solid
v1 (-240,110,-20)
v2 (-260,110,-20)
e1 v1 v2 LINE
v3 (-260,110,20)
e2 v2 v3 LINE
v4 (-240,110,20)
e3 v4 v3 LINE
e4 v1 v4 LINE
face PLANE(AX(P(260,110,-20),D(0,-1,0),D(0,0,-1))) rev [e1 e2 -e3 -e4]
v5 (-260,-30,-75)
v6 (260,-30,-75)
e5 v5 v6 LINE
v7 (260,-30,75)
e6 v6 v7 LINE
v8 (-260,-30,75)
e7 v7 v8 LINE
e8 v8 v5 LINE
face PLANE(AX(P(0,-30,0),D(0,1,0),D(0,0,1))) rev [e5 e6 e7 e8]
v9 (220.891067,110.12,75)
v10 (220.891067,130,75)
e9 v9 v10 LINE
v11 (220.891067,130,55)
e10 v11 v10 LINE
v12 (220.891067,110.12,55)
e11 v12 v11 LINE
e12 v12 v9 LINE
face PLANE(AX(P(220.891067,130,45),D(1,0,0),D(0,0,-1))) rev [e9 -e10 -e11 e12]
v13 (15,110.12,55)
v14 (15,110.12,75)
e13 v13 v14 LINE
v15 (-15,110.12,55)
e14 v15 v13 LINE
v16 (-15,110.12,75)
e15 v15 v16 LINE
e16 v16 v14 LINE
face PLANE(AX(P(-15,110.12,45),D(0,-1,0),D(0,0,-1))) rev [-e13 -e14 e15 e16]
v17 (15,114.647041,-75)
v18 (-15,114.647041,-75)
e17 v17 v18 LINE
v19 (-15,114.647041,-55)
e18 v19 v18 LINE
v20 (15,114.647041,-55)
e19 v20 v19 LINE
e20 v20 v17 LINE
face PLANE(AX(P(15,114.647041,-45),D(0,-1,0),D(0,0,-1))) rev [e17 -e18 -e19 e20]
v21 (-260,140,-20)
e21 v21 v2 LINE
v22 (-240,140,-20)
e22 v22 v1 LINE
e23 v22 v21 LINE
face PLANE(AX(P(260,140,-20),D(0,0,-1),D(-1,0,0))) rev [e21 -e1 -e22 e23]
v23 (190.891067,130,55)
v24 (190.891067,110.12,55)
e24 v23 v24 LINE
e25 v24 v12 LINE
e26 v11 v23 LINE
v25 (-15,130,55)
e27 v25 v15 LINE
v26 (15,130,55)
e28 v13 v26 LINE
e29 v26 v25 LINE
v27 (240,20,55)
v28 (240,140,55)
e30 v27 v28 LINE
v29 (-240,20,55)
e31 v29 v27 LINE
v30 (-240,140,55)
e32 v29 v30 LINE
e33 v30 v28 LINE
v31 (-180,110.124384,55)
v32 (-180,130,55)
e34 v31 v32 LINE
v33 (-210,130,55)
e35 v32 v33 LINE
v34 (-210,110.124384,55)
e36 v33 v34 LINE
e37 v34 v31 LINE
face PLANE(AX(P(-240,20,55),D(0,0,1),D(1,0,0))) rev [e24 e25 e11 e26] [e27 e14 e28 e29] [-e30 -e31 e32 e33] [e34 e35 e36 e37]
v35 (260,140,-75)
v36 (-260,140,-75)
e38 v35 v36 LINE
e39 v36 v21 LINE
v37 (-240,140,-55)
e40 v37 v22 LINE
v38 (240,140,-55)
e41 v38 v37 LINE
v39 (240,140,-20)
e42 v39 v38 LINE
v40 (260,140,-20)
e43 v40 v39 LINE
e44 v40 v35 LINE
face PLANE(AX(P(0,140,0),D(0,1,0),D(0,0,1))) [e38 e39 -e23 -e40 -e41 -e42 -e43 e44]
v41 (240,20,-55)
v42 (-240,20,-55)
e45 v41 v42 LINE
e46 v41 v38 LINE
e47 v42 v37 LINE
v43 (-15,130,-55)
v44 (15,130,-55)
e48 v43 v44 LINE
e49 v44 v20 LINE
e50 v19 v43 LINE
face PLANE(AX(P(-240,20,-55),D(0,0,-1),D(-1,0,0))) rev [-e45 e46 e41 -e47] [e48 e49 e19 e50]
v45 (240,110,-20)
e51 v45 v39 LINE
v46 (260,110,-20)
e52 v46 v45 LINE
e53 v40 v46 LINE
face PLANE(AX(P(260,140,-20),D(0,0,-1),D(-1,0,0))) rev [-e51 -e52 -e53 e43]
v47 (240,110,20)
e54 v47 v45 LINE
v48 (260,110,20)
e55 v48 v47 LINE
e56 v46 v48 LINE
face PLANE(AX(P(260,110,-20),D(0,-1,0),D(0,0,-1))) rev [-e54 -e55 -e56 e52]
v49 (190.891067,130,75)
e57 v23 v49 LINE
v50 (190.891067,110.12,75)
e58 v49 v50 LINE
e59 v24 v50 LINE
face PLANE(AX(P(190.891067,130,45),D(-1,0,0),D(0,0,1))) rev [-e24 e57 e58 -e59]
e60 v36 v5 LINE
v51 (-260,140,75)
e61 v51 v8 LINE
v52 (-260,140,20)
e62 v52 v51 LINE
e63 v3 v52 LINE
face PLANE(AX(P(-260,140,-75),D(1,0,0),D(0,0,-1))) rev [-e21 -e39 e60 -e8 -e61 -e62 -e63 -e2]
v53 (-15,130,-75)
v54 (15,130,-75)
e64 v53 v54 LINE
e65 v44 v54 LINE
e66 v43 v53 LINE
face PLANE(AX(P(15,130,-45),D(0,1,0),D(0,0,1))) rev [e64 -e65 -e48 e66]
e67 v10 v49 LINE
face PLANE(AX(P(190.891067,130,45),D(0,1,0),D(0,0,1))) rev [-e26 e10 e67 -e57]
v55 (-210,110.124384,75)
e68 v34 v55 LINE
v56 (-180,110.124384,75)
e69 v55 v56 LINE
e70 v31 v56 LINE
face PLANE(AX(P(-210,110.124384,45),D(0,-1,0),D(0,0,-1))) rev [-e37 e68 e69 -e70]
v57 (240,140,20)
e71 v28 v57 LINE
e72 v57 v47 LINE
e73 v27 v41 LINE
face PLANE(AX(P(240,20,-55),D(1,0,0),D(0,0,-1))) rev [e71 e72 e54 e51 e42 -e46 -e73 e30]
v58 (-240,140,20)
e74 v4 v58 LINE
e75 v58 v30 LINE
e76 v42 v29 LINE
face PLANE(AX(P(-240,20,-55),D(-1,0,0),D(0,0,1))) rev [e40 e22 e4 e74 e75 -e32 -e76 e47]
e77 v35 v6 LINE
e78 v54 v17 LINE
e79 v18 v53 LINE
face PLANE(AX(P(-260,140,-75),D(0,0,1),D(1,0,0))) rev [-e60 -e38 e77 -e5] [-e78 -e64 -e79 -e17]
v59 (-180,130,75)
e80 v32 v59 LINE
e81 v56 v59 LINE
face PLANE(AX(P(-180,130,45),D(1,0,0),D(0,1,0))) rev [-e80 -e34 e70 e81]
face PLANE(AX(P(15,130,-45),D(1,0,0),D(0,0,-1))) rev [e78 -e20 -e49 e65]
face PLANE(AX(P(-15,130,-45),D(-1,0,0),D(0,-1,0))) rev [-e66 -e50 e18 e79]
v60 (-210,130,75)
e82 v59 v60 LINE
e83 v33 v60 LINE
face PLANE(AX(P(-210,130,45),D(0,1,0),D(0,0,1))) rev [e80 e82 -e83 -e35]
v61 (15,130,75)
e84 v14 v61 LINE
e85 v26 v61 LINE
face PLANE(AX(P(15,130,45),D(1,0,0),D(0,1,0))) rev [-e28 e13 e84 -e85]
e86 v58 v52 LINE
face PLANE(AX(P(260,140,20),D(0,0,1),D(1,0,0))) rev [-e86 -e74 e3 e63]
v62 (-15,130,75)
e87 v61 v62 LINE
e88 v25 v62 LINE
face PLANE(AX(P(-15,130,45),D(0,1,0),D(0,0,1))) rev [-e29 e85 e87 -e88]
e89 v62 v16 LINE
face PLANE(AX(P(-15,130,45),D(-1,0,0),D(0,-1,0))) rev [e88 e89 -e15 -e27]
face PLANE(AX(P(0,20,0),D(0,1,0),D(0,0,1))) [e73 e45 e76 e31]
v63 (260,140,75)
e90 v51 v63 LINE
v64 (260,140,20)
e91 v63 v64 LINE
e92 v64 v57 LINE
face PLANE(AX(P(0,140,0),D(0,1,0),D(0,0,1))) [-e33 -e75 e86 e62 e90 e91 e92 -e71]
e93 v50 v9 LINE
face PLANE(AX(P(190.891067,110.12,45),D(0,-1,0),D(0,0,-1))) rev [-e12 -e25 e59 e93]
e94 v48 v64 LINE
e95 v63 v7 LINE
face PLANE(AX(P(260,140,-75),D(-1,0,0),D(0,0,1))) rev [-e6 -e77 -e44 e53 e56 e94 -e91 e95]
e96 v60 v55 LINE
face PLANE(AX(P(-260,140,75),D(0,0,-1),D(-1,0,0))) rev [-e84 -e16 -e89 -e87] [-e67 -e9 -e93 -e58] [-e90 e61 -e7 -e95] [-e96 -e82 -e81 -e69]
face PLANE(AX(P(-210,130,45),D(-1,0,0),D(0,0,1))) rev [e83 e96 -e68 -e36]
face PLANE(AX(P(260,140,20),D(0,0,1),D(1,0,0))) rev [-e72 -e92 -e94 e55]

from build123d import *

# Parameters (mm, degrees)
SKETCH_1_W           = 520
SKETCH_1_H           = 150
EXTRUDE_1_DEPTH      = 140
SKETCH_2_W           = 480
SKETCH_2_H           = 110
CUT_EXTRUDE_1_DEPTH  = 120
SKETCH_11_W          = 40
SKETCH_11_H          = 30
CUT_EXTRUDE_3_DEPTH  = 544.714079273
SKETCH_13_W          = 520
SKETCH_13_H          = 150
EXTRUDE_6_DEPTH      = 30
SKETCH_18_W          = 30
SKETCH_18_H          = 15.352958973
CUT_EXTRUDE_8_DEPTH  = 30
SKETCH_21_W          = 30
SKETCH_21_H          = 19.875616275
CUT_EXTRUDE_9_DEPTH  = 30
SKETCH_22_W          = 30
SKETCH_22_H          = 19.88
CUT_EXTRUDE_10_DEPTH = 30
SKETCH_25_W          = 30
SKETCH_25_H          = 19.88
CUT_EXTRUDE_12_DEPTH = 30


with BuildPart() as part:
    # 草圖1 → 填料-伸長1 (new body)
    with BuildSketch(Plane(origin=(0, 0, 0), x_dir=(1, 0, 0), z_dir=(0, 1, 0))):
        Rectangle(SKETCH_1_W, SKETCH_1_H)
    extrude(amount=EXTRUDE_1_DEPTH)

    # 草圖2 → 除料-伸長1 (cut)
    with BuildSketch(Plane(origin=(0, 140, 0), x_dir=(1, 0, 0), z_dir=(0, 1, 0))):
        Rectangle(SKETCH_2_W, SKETCH_2_H)
    extrude(amount=-CUT_EXTRUDE_1_DEPTH, mode=Mode.SUBTRACT)

    # 草圖11 → 除料-伸長3 (cut, through all)
    with BuildSketch(Plane.ZY.offset(260)):
        with Locations((0, 125)):
            Rectangle(SKETCH_11_W, SKETCH_11_H)
    extrude(amount=-CUT_EXTRUDE_3_DEPTH, mode=Mode.SUBTRACT)

    # 草圖13 → 填料-伸長6 (add)
    with BuildSketch(Plane.XZ):
        Rectangle(SKETCH_13_W, SKETCH_13_H)
    extrude(amount=EXTRUDE_6_DEPTH)

    # 草圖18 → 除料-伸長8 (cut)
    with BuildSketch(Plane(origin=(0, 0, -75), x_dir=(-1, 0, 0), z_dir=(0, 0, -1))):
        with Locations((0, 122.323520514)):
            Rectangle(SKETCH_18_W, SKETCH_18_H)
    extrude(amount=-CUT_EXTRUDE_8_DEPTH, mode=Mode.SUBTRACT)

    # 草圖21 → 除料-伸長9 (cut)
    with BuildSketch(Plane.XY.offset(75)):
        with Locations((-195, 120.062191863)):
            Rectangle(SKETCH_21_W, SKETCH_21_H)
    extrude(amount=-CUT_EXTRUDE_9_DEPTH, mode=Mode.SUBTRACT)

    # 草圖22 → 除料-伸長10 (cut)
    with BuildSketch(Plane.XY.offset(75)):
        with Locations((0, 120.06)):
            Rectangle(SKETCH_22_W, SKETCH_22_H)
    extrude(amount=-CUT_EXTRUDE_10_DEPTH, mode=Mode.SUBTRACT)

    # 草圖25 → 除料-伸長12 (cut)
    with BuildSketch(Plane.XY.offset(75)):
        with Locations((205.891066665, 120.06)):
            Rectangle(SKETCH_25_W, SKETCH_25_H)
    extrude(amount=-CUT_EXTRUDE_12_DEPTH, mode=Mode.SUBTRACT)


solid = part.part
